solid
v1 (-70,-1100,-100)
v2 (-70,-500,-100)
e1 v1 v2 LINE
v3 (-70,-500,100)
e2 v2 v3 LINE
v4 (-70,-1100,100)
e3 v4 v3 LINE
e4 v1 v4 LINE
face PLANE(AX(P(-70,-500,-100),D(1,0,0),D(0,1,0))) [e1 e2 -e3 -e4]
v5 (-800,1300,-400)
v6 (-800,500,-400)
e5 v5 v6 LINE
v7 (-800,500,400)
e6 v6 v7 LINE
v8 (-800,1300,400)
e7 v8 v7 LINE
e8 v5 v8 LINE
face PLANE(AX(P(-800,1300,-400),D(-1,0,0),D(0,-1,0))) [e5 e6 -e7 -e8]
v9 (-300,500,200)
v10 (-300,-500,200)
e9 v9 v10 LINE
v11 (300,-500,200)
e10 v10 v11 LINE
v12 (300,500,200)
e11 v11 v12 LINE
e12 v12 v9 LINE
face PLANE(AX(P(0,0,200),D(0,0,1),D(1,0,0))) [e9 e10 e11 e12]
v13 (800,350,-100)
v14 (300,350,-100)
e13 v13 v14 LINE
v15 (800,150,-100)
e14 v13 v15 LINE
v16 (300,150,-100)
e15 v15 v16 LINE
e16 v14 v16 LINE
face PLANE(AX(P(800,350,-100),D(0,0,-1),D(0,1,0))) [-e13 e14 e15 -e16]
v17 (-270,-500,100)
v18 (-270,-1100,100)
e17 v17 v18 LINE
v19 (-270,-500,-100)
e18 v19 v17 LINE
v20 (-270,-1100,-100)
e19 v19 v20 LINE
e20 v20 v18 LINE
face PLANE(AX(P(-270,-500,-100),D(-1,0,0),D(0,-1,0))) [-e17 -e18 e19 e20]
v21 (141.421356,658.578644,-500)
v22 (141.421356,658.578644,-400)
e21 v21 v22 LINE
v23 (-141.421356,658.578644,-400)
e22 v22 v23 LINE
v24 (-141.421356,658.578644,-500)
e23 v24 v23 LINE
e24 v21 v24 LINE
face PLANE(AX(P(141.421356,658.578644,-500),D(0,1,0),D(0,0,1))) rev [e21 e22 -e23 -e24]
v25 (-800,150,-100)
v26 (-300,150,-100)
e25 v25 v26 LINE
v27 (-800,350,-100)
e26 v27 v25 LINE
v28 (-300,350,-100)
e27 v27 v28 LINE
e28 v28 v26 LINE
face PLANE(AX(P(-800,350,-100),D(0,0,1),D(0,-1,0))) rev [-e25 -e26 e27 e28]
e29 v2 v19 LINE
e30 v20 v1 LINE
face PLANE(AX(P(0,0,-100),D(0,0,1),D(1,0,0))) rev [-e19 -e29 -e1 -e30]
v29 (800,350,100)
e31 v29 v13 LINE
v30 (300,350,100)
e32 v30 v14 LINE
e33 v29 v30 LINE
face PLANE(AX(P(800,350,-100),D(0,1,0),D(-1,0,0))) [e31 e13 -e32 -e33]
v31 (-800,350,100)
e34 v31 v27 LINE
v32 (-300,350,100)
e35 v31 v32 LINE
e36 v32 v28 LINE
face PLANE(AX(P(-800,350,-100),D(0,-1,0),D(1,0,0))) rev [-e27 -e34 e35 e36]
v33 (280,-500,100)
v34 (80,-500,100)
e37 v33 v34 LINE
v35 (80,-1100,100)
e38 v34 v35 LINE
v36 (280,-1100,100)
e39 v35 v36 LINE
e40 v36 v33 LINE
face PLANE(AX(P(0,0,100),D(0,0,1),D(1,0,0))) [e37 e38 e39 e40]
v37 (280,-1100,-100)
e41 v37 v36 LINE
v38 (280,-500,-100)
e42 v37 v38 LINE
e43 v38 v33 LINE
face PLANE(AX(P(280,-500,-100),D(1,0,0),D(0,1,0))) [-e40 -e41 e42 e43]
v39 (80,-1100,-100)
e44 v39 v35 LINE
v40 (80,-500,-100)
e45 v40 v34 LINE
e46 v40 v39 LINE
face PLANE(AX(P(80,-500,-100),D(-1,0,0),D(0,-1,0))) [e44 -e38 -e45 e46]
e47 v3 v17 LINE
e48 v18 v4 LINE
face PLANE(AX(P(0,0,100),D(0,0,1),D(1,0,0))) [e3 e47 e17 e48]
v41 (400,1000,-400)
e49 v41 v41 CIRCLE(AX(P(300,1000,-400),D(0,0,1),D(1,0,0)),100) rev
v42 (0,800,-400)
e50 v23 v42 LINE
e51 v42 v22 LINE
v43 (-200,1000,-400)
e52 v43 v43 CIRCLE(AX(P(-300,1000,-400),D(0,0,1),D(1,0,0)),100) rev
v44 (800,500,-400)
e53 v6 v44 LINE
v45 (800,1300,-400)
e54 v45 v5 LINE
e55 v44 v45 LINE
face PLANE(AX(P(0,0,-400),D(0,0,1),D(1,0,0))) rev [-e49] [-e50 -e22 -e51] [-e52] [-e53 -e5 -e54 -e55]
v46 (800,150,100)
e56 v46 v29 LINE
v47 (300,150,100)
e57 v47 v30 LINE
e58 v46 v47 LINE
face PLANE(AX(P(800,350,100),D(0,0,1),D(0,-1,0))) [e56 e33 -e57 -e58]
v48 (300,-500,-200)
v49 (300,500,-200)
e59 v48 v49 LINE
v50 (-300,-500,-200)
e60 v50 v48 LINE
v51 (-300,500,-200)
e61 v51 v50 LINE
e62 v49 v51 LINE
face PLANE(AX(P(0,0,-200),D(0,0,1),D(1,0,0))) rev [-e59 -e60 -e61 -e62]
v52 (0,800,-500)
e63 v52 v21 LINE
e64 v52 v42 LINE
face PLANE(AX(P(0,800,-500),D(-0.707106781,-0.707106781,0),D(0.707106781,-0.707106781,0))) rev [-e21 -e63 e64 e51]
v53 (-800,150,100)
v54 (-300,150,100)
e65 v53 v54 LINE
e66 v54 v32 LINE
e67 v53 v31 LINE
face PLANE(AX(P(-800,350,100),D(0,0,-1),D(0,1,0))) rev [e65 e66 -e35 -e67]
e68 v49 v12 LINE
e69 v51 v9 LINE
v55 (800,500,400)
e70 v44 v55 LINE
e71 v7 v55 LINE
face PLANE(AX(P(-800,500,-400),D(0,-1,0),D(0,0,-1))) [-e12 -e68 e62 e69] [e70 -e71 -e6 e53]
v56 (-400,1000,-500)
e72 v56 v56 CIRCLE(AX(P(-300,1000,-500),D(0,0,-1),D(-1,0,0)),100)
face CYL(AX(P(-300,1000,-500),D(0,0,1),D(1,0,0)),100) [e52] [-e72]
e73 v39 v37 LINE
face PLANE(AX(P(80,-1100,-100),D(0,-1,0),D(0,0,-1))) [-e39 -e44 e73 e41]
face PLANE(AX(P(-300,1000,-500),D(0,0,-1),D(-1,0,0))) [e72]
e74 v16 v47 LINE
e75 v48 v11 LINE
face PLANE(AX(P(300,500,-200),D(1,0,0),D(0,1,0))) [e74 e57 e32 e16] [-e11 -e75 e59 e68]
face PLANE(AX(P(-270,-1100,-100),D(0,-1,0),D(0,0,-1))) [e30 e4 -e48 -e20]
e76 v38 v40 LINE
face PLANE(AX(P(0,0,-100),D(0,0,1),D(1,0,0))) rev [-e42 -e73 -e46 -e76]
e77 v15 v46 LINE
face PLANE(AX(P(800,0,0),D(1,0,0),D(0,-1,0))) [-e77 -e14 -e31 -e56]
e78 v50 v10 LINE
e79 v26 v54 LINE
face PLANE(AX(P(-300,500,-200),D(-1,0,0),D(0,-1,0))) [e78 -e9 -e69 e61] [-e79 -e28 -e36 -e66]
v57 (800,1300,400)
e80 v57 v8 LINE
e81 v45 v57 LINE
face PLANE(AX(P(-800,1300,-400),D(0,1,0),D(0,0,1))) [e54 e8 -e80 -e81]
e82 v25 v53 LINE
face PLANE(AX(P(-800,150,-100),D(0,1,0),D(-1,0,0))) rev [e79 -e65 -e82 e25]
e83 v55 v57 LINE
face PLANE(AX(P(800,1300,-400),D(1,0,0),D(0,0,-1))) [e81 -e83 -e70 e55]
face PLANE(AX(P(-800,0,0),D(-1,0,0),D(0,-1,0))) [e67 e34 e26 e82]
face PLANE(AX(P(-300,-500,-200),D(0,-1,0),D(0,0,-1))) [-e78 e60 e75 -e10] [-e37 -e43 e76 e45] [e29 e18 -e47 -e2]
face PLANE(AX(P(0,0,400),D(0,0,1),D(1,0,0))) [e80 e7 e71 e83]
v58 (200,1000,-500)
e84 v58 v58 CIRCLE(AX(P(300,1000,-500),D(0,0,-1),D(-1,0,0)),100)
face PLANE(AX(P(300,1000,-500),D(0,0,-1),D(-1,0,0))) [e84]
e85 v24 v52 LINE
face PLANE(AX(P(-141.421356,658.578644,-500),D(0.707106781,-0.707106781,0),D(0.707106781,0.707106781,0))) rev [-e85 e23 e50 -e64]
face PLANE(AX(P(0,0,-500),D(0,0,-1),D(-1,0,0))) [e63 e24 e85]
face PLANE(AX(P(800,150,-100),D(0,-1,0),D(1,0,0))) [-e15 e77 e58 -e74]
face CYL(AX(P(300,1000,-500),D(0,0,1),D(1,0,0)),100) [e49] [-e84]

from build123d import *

# Parameters (mm, degrees)
BOSS_EXTRUDE1_DEPTH      = 400
BOSS_EXTRUDE1_DEPTH_BACK = 400
SKETCH1_W                = 1600
SKETCH1_H                = 800
BOSS_EXTRUDE2_DEPTH      = 200
BOSS_EXTRUDE2_DEPTH_BACK = 200
SKETCH2_W                = 600
SKETCH2_H                = 1000
BOSS_EXTRUDE3_DEPTH      = 100
BOSS_EXTRUDE3_DEPTH_BACK = 100
SKETCH3_W                = 200
SKETCH3_H                = 600
SKETCH4_W                = 200
SKETCH4_H                = 200
BOSS_EXTRUDE4_DEPTH      = 500
SKETCH5_R                = 100
BOSS_EXTRUDE5_DEPTH      = 100


with BuildPart() as part:
    # Sketch1 → Boss-Extrude1 (new, two sides: drawn at the far end of the back side and taken through both)
    with BuildSketch(Plane.XY.offset(-BOSS_EXTRUDE1_DEPTH_BACK)):
        with Locations((0, 900)):
            Rectangle(SKETCH1_W, SKETCH1_H)
    extrude(amount=BOSS_EXTRUDE1_DEPTH + BOSS_EXTRUDE1_DEPTH_BACK)

    # Sketch2 → Boss-Extrude2 (add, two sides: drawn at the far end of the back side and taken through both)
    with BuildSketch(Plane.XY.offset(-BOSS_EXTRUDE2_DEPTH_BACK)):
        Rectangle(SKETCH2_W, SKETCH2_H)
    extrude(amount=BOSS_EXTRUDE2_DEPTH + BOSS_EXTRUDE2_DEPTH_BACK)

    # Sketch3 → Boss-Extrude3 (add, two sides: drawn at the far end of the back side and taken through both)
    with BuildSketch(Plane.XY.offset(-BOSS_EXTRUDE3_DEPTH_BACK)):
        with Locations((-170, -800)):
            Rectangle(SKETCH3_W, SKETCH3_H)
        with Locations((180, -800)):
            Rectangle(SKETCH3_W, SKETCH3_H)
    extrude(amount=BOSS_EXTRUDE3_DEPTH + BOSS_EXTRUDE3_DEPTH_BACK)

    # Sketch4 → Boss-Extrude4 (add)
    with BuildSketch(Plane.ZY.offset(300)):
        with Locations((0, 250)):
            Rectangle(SKETCH4_W, SKETCH4_H)
    boss_extrude4 = extrude(amount=BOSS_EXTRUDE4_DEPTH)

    # Mirror1: Boss-Extrude4 across plane
    add(boss_extrude4.mirror(Plane(origin=(0, 0, 0), x_dir=(0, 0, 1), z_dir=(1, 0, 0))))

    # Sketch5 → Boss-Extrude5 (add)
    with BuildSketch(Plane(origin=(0, 0, -400), x_dir=(-1, 0, 0), z_dir=(0, 0, -1))):
        with Locations((-300, 1000)):
            Circle(SKETCH5_R)
        with Locations((300, 1000)):
            Circle(SKETCH5_R)
        Polygon((0, 800), (-141.421356237, 658.578643763), (141.421356237, 658.578643763), align=None)
    extrude(amount=BOSS_EXTRUDE5_DEPTH)


solid = part.part
